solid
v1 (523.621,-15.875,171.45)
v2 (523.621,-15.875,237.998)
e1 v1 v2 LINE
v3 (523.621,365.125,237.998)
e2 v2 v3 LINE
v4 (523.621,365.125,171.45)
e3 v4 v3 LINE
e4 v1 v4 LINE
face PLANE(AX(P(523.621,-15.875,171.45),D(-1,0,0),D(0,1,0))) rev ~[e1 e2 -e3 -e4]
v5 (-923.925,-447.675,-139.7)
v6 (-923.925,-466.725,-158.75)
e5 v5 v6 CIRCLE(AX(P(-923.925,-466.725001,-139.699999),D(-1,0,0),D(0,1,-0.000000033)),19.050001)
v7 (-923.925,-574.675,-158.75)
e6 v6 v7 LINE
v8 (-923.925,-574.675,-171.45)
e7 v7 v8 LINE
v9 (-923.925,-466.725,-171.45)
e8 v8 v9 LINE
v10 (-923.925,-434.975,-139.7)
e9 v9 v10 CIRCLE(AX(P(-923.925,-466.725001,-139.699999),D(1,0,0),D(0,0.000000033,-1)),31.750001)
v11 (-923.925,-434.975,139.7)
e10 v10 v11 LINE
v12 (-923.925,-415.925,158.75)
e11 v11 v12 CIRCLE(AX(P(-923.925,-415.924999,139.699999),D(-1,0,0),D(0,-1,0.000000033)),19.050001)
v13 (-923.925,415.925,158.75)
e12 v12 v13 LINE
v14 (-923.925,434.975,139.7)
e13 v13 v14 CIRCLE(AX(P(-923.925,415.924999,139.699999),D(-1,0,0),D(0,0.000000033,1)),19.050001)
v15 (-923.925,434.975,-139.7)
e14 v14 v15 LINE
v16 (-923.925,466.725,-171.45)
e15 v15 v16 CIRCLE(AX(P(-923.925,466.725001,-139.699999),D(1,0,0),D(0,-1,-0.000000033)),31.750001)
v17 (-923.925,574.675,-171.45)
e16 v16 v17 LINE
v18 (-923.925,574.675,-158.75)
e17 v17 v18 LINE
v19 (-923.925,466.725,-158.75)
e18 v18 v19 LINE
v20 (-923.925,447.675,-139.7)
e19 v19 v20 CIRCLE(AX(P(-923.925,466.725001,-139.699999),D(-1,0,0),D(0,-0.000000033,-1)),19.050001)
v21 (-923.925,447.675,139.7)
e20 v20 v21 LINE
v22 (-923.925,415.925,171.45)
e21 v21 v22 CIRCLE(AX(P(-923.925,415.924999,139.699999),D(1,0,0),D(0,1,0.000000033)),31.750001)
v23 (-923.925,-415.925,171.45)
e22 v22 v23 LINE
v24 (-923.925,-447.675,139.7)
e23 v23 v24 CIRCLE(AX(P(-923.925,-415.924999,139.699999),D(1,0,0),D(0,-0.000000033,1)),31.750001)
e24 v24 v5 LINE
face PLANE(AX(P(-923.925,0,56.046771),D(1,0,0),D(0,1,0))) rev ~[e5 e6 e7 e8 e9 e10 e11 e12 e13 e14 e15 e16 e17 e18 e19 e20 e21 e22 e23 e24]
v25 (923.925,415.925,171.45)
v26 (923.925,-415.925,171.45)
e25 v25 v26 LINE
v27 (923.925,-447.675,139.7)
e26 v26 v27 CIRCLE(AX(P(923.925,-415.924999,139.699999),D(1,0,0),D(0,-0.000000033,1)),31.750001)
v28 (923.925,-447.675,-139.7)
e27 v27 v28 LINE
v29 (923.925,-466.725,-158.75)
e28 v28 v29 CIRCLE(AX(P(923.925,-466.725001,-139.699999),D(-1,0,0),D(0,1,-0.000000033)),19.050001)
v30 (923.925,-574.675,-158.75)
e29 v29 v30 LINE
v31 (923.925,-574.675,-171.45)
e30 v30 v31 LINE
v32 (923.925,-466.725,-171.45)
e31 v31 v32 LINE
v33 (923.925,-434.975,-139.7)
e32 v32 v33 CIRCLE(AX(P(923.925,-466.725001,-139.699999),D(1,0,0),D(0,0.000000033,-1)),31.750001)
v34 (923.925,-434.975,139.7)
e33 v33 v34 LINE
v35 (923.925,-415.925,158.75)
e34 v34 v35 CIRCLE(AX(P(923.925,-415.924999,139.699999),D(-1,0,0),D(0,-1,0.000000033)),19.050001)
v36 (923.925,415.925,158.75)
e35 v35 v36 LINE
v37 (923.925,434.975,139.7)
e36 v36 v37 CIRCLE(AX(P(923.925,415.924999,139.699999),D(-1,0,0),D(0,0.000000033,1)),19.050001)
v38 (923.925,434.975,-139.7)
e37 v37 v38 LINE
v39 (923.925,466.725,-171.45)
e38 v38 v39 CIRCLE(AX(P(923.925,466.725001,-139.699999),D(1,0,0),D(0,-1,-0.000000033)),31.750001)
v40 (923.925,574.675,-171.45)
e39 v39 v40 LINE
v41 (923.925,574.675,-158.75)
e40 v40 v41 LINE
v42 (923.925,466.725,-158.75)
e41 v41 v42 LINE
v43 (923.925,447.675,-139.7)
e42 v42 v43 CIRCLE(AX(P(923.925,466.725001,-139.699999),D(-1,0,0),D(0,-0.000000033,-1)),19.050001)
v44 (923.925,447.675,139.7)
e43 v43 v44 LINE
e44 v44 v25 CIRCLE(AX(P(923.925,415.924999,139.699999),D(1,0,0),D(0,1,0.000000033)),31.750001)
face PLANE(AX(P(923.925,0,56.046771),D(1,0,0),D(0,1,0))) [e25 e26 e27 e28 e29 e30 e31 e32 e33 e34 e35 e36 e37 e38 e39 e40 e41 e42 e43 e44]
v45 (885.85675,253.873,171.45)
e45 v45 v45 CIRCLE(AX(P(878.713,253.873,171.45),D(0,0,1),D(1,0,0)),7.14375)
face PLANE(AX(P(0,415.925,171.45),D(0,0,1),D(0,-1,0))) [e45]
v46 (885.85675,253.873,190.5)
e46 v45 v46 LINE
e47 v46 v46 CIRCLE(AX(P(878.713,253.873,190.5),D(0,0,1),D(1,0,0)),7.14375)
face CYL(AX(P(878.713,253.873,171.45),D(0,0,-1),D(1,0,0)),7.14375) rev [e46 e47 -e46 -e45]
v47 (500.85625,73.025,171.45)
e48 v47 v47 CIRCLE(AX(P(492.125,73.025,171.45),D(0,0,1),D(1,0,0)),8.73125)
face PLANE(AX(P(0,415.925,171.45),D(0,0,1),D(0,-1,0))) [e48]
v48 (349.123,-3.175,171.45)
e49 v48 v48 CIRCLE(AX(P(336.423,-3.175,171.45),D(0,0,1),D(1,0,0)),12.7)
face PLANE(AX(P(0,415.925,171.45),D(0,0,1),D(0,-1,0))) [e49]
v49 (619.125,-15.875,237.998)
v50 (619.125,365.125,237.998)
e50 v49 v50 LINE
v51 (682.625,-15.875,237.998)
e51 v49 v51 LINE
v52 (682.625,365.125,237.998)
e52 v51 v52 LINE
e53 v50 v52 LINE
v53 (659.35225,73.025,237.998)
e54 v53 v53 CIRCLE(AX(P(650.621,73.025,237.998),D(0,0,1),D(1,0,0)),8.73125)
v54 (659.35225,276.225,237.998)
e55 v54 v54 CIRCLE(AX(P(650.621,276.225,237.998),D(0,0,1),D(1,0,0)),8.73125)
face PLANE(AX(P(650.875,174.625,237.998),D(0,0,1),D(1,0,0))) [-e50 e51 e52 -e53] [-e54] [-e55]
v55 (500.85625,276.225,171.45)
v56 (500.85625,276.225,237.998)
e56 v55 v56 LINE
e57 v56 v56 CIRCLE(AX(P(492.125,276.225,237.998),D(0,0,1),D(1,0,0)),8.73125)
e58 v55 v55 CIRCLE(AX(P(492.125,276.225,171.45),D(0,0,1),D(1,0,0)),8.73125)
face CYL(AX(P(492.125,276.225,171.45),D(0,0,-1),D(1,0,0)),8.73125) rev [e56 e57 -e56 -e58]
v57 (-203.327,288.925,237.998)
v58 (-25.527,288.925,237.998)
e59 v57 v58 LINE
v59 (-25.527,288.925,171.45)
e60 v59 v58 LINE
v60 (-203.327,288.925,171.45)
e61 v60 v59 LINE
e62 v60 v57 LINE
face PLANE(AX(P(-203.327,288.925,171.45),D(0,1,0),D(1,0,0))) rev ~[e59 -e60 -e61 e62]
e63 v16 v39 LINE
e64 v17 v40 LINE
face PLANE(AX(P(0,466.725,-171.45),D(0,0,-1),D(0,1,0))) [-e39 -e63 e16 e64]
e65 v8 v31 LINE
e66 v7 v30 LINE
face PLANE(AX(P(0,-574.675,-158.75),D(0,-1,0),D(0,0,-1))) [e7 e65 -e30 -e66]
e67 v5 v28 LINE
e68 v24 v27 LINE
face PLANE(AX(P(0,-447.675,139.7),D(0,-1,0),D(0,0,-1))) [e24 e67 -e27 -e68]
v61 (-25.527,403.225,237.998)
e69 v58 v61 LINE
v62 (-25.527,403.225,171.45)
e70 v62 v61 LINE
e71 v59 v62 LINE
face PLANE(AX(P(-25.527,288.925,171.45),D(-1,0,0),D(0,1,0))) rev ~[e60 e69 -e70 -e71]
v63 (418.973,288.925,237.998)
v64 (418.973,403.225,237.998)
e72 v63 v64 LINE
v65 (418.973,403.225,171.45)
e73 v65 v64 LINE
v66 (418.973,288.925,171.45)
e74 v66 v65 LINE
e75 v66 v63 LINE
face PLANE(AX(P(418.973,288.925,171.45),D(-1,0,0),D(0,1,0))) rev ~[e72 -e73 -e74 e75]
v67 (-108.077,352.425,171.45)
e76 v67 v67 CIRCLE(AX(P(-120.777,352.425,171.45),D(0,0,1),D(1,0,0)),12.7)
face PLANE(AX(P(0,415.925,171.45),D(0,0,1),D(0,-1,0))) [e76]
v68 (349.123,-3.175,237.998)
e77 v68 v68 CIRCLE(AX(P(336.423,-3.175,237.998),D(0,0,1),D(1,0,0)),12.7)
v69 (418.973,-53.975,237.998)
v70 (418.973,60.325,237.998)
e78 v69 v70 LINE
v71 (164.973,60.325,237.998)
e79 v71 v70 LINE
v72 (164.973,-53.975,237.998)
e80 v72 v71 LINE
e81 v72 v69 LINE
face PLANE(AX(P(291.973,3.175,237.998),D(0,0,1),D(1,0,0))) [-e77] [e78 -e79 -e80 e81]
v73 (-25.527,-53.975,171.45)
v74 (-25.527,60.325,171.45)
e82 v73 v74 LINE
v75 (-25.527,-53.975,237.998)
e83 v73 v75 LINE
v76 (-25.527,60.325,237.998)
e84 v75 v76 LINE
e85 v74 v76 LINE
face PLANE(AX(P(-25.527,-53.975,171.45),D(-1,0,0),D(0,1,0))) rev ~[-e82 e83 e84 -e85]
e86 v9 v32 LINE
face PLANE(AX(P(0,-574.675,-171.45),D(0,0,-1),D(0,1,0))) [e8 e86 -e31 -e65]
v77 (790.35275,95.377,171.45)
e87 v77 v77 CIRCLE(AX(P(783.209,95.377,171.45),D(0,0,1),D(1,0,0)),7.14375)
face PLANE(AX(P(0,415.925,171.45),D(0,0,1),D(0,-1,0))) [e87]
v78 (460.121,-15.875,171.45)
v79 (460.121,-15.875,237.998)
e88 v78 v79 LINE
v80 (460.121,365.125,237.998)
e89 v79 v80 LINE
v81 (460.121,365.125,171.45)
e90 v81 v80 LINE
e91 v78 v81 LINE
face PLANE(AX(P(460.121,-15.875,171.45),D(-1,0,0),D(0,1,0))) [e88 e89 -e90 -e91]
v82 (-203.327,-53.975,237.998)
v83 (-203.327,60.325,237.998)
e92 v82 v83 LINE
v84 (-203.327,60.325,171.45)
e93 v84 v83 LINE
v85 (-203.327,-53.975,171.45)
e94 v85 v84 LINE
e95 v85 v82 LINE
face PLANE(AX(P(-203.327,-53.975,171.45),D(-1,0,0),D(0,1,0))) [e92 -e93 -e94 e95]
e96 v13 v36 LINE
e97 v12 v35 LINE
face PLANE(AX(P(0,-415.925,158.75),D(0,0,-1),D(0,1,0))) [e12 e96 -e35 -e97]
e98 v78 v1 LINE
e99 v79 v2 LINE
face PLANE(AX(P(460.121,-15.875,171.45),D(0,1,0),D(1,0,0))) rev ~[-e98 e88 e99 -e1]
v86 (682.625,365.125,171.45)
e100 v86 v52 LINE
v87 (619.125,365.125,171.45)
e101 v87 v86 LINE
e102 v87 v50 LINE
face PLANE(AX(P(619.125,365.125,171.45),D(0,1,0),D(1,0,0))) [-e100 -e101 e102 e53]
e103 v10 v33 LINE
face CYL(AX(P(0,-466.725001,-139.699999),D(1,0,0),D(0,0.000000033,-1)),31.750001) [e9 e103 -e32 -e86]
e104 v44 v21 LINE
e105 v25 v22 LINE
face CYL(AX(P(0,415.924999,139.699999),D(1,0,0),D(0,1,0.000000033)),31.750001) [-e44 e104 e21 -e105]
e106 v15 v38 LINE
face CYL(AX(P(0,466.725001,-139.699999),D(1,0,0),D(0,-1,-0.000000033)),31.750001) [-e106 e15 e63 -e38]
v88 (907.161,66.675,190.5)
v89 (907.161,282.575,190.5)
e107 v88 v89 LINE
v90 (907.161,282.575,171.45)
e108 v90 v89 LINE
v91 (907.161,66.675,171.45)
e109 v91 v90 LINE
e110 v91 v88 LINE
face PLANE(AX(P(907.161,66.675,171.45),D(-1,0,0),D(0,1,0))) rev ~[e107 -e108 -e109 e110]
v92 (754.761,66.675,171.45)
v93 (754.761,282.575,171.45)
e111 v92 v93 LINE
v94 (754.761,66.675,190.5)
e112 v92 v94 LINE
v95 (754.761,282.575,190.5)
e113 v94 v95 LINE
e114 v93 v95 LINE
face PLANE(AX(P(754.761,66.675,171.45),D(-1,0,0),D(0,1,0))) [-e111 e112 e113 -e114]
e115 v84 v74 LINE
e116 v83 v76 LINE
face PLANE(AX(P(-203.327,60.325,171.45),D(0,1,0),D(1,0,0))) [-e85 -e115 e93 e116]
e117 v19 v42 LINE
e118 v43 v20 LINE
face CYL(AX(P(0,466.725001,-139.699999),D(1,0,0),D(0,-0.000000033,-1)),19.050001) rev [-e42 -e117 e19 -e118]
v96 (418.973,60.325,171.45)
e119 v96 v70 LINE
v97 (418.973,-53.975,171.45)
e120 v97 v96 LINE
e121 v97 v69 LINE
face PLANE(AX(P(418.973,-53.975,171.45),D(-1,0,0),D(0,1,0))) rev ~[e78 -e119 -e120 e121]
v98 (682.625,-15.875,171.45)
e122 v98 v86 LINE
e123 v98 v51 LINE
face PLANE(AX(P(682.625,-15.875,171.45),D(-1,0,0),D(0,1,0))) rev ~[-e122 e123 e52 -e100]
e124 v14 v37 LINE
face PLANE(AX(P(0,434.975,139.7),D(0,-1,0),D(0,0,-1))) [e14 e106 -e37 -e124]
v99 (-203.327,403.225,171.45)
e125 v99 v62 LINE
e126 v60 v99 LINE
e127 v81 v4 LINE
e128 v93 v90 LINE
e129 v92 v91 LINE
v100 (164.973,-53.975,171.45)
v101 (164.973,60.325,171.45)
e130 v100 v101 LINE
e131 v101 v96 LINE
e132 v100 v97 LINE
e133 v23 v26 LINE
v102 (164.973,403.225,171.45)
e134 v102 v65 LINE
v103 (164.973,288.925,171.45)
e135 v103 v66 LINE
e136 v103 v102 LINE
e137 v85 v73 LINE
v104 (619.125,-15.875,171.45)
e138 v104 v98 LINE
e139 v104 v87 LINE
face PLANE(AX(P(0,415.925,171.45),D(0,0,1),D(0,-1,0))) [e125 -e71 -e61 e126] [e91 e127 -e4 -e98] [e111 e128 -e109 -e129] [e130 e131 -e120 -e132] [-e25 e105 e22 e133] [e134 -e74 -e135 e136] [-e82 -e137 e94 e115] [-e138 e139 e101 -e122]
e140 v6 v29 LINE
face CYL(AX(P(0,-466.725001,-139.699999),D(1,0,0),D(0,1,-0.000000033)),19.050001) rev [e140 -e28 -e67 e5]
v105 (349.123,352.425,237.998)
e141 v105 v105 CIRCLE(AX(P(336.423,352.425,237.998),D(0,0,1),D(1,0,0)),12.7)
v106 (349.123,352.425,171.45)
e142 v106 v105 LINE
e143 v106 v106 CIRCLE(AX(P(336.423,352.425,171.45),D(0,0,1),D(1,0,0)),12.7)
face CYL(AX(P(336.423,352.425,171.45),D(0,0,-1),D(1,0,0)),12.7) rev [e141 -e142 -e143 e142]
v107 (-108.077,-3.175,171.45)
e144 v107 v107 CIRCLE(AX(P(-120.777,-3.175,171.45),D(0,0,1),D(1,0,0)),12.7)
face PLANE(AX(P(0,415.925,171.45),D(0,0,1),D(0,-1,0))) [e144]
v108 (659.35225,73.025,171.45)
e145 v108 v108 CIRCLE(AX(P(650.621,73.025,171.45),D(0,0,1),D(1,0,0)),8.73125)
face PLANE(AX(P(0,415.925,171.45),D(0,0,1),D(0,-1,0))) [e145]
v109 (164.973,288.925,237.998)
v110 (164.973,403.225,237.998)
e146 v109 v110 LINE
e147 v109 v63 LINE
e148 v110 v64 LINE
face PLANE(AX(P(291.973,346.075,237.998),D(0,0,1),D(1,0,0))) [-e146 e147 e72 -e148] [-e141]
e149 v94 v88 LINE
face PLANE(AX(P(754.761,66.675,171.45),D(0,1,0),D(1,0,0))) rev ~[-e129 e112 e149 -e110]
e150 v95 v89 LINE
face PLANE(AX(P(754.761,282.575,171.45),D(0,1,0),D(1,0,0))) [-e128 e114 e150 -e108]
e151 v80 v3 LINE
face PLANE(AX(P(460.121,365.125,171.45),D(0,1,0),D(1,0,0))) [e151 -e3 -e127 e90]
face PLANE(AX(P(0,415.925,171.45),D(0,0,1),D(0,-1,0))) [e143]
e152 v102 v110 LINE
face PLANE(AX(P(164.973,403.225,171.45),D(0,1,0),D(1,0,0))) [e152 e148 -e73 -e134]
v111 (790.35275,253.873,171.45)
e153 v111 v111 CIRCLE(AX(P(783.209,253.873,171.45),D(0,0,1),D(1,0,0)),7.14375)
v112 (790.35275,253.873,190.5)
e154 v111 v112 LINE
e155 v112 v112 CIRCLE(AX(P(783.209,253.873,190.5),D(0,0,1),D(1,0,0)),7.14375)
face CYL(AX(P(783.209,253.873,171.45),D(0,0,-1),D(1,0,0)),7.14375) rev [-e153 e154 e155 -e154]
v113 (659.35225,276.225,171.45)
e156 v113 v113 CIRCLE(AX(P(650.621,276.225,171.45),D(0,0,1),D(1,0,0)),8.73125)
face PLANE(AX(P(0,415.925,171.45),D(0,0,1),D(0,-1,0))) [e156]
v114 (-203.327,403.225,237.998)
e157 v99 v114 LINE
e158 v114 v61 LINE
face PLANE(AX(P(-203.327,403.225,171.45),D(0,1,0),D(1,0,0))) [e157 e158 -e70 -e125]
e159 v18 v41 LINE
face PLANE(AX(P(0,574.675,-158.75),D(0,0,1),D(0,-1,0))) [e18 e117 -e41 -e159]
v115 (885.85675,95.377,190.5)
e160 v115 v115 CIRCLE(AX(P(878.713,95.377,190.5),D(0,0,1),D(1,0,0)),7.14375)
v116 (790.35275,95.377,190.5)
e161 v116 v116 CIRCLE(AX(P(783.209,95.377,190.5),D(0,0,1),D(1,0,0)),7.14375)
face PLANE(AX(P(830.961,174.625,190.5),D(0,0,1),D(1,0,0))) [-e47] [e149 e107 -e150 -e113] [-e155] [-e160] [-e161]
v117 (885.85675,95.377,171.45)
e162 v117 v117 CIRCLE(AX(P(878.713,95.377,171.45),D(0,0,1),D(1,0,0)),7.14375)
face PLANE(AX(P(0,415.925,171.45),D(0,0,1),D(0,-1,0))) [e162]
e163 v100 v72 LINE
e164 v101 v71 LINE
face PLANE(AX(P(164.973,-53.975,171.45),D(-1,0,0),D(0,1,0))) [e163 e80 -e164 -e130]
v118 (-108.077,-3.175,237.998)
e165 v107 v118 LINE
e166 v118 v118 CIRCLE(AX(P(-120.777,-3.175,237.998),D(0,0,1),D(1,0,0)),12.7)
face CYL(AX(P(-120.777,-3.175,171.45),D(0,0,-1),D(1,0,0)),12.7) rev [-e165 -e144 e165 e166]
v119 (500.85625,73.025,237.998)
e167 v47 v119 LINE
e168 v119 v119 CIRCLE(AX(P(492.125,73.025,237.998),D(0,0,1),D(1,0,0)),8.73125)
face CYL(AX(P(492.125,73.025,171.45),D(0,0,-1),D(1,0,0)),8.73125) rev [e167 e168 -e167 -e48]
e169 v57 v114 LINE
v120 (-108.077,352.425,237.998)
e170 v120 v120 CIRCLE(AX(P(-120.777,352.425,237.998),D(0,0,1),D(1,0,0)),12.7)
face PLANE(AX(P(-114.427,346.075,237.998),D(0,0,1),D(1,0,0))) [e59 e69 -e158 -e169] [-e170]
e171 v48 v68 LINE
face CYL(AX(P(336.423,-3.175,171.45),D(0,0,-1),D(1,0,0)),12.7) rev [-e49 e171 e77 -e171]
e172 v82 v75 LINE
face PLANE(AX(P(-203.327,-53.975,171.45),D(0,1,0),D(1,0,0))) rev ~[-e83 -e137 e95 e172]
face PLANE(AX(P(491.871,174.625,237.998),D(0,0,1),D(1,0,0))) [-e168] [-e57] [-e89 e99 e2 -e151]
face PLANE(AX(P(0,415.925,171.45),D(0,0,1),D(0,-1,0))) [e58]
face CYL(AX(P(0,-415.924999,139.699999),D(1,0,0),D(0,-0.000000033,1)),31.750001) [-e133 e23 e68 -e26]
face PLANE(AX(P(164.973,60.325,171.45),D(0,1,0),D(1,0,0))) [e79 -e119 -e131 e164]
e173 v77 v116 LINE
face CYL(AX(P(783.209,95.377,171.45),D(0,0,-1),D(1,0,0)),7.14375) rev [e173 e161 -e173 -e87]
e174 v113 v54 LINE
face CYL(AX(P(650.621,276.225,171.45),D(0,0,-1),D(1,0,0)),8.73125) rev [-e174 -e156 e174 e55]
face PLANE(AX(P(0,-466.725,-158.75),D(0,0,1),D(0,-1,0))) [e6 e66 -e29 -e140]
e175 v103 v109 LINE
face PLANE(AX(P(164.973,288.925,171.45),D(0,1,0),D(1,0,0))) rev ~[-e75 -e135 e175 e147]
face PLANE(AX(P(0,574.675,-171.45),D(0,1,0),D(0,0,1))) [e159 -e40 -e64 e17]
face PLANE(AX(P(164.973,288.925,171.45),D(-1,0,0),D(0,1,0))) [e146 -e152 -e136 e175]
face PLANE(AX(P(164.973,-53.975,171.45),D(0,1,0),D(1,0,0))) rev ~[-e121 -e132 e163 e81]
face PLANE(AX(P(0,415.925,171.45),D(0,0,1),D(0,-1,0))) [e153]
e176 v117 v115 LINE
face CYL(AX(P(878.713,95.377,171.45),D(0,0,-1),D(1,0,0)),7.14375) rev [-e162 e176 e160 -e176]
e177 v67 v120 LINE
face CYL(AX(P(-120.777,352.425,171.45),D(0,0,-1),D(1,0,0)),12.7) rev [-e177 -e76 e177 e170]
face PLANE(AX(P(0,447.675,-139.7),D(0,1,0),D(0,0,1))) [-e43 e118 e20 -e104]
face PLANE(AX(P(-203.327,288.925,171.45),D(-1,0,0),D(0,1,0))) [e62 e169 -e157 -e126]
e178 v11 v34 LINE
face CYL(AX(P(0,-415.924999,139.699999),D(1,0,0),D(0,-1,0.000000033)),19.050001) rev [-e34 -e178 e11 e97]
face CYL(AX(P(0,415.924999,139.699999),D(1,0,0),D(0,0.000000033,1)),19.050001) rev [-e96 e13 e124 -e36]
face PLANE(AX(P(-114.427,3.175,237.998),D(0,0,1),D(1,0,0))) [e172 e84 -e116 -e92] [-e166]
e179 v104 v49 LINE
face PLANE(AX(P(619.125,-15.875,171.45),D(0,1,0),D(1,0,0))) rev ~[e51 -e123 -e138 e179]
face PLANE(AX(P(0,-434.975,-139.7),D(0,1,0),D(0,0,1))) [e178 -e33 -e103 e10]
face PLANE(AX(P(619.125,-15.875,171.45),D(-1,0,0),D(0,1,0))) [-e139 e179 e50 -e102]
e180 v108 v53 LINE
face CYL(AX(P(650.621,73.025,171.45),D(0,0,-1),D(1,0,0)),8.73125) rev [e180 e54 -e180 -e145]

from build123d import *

# Parameters (mm, degrees)
F1_DEPTH = 923.925
F2_W     = 152.4
F2_H     = 215.9
F2_R     = 7.14375
F3_DEPTH = 19.05
F4_W     = 63.5
F4_H     = 381
F4_R     = 8.73125
F5_DEPTH = 66.548
F6_W     = 177.8
F6_H     = 114.3
F6_R     = 12.7
F6_W_2   = 254
F7_DEPTH = 66.548


with BuildPart() as f1:
    # F0 (on Right) → F1 (new body, symmetric)
    with BuildSketch(Plane.YZ):
        with BuildLine():
            Line((415.925, 171.45), (-415.925, 171.45))
            ThreePointArc((-415.925, 171.45), (-438.37564, 162.15064), (-447.675, 139.7))
            Line((-447.675, 139.7), (-447.675, -139.7))
            ThreePointArc((-447.675, -139.7), (-453.254616, -153.170384), (-466.725, -158.75))
            Line((-466.725, -158.75), (-574.675, -158.75))
            Line((-574.675, -158.75), (-574.675, -171.45))
            Line((-574.675, -171.45), (-466.725, -171.45))
            ThreePointArc((-466.725, -171.45), (-444.27436, -162.15064), (-434.975, -139.7))
            Line((-434.975, -139.7), (-434.975, 139.7))
            ThreePointArc((-434.975, 139.7), (-429.395384, 153.170384), (-415.925, 158.75))
            Line((-415.925, 158.75), (415.925, 158.75))
            ThreePointArc((415.925, 158.75), (429.395384, 153.170384), (434.975, 139.7))
            Line((434.975, 139.7), (434.975, -139.7))
            ThreePointArc((434.975, -139.7), (444.27436, -162.15064), (466.725, -171.45))
            Line((466.725, -171.45), (574.675, -171.45))
            Line((574.675, -171.45), (574.675, -158.75))
            Line((574.675, -158.75), (466.725, -158.75))
            ThreePointArc((466.725, -158.75), (453.254616, -153.170384), (447.675, -139.7))
            Line((447.675, -139.7), (447.675, 139.7))
            ThreePointArc((447.675, 139.7), (438.37564, 162.15064), (415.925, 171.45))
        make_face()
    extrude(amount=F1_DEPTH, both=True)

    # F2 (on face) → F3 (join)
    with BuildSketch(Plane.XY.offset(171.45)):
        with Locations((830.961, 174.625)):
            Rectangle(F2_W, F2_H)
        with Locations((783.209, 95.377)):
            Circle(F2_R, mode=Mode.SUBTRACT)
        with Locations((878.713, 95.377)):
            Circle(F2_R, mode=Mode.SUBTRACT)
        with Locations((783.209, 253.873)):
            Circle(F2_R, mode=Mode.SUBTRACT)
        with Locations((878.713, 253.873)):
            Circle(F2_R, mode=Mode.SUBTRACT)
    extrude(amount=F3_DEPTH)

    # F4 (on face) → F5 (join)
    with BuildSketch(Plane.XY.offset(171.45)):
        with Locations((491.871, 174.625)):
            Rectangle(F4_W, F4_H)
        with Locations((492.125, 73.025)):
            Circle(F4_R, mode=Mode.SUBTRACT)
        with Locations((492.125, 276.225)):
            Circle(F4_R, mode=Mode.SUBTRACT)
        with Locations((650.875, 174.625)):
            Rectangle(F4_W, F4_H)
        with Locations((650.621, 73.025)):
            Circle(F4_R, mode=Mode.SUBTRACT)
        with Locations((650.621, 276.225)):
            Circle(F4_R, mode=Mode.SUBTRACT)
    extrude(amount=F5_DEPTH)

    # F6 (on face) → F7 (join)
    with BuildSketch(Plane.XY.offset(171.45)):
        with Locations((-114.427, 3.175)):
            Rectangle(F6_W, F6_H)
        with Locations((-120.777, -3.175)):
            Circle(F6_R, mode=Mode.SUBTRACT)
        with Locations((291.973, 3.175)):
            Rectangle(F6_W_2, F6_H)
        with Locations((336.423, -3.175)):
            Circle(F6_R, mode=Mode.SUBTRACT)
        with Locations((-114.427, 346.075)):
            Rectangle(F6_W, F6_H)
        with Locations((-120.777, 352.425)):
            Circle(F6_R, mode=Mode.SUBTRACT)
        with Locations((291.973, 346.075)):
            Rectangle(F6_W_2, F6_H)
        with Locations((336.423, 352.425)):
            Circle(F6_R, mode=Mode.SUBTRACT)
    extrude(amount=F7_DEPTH)


solid = f1.part
